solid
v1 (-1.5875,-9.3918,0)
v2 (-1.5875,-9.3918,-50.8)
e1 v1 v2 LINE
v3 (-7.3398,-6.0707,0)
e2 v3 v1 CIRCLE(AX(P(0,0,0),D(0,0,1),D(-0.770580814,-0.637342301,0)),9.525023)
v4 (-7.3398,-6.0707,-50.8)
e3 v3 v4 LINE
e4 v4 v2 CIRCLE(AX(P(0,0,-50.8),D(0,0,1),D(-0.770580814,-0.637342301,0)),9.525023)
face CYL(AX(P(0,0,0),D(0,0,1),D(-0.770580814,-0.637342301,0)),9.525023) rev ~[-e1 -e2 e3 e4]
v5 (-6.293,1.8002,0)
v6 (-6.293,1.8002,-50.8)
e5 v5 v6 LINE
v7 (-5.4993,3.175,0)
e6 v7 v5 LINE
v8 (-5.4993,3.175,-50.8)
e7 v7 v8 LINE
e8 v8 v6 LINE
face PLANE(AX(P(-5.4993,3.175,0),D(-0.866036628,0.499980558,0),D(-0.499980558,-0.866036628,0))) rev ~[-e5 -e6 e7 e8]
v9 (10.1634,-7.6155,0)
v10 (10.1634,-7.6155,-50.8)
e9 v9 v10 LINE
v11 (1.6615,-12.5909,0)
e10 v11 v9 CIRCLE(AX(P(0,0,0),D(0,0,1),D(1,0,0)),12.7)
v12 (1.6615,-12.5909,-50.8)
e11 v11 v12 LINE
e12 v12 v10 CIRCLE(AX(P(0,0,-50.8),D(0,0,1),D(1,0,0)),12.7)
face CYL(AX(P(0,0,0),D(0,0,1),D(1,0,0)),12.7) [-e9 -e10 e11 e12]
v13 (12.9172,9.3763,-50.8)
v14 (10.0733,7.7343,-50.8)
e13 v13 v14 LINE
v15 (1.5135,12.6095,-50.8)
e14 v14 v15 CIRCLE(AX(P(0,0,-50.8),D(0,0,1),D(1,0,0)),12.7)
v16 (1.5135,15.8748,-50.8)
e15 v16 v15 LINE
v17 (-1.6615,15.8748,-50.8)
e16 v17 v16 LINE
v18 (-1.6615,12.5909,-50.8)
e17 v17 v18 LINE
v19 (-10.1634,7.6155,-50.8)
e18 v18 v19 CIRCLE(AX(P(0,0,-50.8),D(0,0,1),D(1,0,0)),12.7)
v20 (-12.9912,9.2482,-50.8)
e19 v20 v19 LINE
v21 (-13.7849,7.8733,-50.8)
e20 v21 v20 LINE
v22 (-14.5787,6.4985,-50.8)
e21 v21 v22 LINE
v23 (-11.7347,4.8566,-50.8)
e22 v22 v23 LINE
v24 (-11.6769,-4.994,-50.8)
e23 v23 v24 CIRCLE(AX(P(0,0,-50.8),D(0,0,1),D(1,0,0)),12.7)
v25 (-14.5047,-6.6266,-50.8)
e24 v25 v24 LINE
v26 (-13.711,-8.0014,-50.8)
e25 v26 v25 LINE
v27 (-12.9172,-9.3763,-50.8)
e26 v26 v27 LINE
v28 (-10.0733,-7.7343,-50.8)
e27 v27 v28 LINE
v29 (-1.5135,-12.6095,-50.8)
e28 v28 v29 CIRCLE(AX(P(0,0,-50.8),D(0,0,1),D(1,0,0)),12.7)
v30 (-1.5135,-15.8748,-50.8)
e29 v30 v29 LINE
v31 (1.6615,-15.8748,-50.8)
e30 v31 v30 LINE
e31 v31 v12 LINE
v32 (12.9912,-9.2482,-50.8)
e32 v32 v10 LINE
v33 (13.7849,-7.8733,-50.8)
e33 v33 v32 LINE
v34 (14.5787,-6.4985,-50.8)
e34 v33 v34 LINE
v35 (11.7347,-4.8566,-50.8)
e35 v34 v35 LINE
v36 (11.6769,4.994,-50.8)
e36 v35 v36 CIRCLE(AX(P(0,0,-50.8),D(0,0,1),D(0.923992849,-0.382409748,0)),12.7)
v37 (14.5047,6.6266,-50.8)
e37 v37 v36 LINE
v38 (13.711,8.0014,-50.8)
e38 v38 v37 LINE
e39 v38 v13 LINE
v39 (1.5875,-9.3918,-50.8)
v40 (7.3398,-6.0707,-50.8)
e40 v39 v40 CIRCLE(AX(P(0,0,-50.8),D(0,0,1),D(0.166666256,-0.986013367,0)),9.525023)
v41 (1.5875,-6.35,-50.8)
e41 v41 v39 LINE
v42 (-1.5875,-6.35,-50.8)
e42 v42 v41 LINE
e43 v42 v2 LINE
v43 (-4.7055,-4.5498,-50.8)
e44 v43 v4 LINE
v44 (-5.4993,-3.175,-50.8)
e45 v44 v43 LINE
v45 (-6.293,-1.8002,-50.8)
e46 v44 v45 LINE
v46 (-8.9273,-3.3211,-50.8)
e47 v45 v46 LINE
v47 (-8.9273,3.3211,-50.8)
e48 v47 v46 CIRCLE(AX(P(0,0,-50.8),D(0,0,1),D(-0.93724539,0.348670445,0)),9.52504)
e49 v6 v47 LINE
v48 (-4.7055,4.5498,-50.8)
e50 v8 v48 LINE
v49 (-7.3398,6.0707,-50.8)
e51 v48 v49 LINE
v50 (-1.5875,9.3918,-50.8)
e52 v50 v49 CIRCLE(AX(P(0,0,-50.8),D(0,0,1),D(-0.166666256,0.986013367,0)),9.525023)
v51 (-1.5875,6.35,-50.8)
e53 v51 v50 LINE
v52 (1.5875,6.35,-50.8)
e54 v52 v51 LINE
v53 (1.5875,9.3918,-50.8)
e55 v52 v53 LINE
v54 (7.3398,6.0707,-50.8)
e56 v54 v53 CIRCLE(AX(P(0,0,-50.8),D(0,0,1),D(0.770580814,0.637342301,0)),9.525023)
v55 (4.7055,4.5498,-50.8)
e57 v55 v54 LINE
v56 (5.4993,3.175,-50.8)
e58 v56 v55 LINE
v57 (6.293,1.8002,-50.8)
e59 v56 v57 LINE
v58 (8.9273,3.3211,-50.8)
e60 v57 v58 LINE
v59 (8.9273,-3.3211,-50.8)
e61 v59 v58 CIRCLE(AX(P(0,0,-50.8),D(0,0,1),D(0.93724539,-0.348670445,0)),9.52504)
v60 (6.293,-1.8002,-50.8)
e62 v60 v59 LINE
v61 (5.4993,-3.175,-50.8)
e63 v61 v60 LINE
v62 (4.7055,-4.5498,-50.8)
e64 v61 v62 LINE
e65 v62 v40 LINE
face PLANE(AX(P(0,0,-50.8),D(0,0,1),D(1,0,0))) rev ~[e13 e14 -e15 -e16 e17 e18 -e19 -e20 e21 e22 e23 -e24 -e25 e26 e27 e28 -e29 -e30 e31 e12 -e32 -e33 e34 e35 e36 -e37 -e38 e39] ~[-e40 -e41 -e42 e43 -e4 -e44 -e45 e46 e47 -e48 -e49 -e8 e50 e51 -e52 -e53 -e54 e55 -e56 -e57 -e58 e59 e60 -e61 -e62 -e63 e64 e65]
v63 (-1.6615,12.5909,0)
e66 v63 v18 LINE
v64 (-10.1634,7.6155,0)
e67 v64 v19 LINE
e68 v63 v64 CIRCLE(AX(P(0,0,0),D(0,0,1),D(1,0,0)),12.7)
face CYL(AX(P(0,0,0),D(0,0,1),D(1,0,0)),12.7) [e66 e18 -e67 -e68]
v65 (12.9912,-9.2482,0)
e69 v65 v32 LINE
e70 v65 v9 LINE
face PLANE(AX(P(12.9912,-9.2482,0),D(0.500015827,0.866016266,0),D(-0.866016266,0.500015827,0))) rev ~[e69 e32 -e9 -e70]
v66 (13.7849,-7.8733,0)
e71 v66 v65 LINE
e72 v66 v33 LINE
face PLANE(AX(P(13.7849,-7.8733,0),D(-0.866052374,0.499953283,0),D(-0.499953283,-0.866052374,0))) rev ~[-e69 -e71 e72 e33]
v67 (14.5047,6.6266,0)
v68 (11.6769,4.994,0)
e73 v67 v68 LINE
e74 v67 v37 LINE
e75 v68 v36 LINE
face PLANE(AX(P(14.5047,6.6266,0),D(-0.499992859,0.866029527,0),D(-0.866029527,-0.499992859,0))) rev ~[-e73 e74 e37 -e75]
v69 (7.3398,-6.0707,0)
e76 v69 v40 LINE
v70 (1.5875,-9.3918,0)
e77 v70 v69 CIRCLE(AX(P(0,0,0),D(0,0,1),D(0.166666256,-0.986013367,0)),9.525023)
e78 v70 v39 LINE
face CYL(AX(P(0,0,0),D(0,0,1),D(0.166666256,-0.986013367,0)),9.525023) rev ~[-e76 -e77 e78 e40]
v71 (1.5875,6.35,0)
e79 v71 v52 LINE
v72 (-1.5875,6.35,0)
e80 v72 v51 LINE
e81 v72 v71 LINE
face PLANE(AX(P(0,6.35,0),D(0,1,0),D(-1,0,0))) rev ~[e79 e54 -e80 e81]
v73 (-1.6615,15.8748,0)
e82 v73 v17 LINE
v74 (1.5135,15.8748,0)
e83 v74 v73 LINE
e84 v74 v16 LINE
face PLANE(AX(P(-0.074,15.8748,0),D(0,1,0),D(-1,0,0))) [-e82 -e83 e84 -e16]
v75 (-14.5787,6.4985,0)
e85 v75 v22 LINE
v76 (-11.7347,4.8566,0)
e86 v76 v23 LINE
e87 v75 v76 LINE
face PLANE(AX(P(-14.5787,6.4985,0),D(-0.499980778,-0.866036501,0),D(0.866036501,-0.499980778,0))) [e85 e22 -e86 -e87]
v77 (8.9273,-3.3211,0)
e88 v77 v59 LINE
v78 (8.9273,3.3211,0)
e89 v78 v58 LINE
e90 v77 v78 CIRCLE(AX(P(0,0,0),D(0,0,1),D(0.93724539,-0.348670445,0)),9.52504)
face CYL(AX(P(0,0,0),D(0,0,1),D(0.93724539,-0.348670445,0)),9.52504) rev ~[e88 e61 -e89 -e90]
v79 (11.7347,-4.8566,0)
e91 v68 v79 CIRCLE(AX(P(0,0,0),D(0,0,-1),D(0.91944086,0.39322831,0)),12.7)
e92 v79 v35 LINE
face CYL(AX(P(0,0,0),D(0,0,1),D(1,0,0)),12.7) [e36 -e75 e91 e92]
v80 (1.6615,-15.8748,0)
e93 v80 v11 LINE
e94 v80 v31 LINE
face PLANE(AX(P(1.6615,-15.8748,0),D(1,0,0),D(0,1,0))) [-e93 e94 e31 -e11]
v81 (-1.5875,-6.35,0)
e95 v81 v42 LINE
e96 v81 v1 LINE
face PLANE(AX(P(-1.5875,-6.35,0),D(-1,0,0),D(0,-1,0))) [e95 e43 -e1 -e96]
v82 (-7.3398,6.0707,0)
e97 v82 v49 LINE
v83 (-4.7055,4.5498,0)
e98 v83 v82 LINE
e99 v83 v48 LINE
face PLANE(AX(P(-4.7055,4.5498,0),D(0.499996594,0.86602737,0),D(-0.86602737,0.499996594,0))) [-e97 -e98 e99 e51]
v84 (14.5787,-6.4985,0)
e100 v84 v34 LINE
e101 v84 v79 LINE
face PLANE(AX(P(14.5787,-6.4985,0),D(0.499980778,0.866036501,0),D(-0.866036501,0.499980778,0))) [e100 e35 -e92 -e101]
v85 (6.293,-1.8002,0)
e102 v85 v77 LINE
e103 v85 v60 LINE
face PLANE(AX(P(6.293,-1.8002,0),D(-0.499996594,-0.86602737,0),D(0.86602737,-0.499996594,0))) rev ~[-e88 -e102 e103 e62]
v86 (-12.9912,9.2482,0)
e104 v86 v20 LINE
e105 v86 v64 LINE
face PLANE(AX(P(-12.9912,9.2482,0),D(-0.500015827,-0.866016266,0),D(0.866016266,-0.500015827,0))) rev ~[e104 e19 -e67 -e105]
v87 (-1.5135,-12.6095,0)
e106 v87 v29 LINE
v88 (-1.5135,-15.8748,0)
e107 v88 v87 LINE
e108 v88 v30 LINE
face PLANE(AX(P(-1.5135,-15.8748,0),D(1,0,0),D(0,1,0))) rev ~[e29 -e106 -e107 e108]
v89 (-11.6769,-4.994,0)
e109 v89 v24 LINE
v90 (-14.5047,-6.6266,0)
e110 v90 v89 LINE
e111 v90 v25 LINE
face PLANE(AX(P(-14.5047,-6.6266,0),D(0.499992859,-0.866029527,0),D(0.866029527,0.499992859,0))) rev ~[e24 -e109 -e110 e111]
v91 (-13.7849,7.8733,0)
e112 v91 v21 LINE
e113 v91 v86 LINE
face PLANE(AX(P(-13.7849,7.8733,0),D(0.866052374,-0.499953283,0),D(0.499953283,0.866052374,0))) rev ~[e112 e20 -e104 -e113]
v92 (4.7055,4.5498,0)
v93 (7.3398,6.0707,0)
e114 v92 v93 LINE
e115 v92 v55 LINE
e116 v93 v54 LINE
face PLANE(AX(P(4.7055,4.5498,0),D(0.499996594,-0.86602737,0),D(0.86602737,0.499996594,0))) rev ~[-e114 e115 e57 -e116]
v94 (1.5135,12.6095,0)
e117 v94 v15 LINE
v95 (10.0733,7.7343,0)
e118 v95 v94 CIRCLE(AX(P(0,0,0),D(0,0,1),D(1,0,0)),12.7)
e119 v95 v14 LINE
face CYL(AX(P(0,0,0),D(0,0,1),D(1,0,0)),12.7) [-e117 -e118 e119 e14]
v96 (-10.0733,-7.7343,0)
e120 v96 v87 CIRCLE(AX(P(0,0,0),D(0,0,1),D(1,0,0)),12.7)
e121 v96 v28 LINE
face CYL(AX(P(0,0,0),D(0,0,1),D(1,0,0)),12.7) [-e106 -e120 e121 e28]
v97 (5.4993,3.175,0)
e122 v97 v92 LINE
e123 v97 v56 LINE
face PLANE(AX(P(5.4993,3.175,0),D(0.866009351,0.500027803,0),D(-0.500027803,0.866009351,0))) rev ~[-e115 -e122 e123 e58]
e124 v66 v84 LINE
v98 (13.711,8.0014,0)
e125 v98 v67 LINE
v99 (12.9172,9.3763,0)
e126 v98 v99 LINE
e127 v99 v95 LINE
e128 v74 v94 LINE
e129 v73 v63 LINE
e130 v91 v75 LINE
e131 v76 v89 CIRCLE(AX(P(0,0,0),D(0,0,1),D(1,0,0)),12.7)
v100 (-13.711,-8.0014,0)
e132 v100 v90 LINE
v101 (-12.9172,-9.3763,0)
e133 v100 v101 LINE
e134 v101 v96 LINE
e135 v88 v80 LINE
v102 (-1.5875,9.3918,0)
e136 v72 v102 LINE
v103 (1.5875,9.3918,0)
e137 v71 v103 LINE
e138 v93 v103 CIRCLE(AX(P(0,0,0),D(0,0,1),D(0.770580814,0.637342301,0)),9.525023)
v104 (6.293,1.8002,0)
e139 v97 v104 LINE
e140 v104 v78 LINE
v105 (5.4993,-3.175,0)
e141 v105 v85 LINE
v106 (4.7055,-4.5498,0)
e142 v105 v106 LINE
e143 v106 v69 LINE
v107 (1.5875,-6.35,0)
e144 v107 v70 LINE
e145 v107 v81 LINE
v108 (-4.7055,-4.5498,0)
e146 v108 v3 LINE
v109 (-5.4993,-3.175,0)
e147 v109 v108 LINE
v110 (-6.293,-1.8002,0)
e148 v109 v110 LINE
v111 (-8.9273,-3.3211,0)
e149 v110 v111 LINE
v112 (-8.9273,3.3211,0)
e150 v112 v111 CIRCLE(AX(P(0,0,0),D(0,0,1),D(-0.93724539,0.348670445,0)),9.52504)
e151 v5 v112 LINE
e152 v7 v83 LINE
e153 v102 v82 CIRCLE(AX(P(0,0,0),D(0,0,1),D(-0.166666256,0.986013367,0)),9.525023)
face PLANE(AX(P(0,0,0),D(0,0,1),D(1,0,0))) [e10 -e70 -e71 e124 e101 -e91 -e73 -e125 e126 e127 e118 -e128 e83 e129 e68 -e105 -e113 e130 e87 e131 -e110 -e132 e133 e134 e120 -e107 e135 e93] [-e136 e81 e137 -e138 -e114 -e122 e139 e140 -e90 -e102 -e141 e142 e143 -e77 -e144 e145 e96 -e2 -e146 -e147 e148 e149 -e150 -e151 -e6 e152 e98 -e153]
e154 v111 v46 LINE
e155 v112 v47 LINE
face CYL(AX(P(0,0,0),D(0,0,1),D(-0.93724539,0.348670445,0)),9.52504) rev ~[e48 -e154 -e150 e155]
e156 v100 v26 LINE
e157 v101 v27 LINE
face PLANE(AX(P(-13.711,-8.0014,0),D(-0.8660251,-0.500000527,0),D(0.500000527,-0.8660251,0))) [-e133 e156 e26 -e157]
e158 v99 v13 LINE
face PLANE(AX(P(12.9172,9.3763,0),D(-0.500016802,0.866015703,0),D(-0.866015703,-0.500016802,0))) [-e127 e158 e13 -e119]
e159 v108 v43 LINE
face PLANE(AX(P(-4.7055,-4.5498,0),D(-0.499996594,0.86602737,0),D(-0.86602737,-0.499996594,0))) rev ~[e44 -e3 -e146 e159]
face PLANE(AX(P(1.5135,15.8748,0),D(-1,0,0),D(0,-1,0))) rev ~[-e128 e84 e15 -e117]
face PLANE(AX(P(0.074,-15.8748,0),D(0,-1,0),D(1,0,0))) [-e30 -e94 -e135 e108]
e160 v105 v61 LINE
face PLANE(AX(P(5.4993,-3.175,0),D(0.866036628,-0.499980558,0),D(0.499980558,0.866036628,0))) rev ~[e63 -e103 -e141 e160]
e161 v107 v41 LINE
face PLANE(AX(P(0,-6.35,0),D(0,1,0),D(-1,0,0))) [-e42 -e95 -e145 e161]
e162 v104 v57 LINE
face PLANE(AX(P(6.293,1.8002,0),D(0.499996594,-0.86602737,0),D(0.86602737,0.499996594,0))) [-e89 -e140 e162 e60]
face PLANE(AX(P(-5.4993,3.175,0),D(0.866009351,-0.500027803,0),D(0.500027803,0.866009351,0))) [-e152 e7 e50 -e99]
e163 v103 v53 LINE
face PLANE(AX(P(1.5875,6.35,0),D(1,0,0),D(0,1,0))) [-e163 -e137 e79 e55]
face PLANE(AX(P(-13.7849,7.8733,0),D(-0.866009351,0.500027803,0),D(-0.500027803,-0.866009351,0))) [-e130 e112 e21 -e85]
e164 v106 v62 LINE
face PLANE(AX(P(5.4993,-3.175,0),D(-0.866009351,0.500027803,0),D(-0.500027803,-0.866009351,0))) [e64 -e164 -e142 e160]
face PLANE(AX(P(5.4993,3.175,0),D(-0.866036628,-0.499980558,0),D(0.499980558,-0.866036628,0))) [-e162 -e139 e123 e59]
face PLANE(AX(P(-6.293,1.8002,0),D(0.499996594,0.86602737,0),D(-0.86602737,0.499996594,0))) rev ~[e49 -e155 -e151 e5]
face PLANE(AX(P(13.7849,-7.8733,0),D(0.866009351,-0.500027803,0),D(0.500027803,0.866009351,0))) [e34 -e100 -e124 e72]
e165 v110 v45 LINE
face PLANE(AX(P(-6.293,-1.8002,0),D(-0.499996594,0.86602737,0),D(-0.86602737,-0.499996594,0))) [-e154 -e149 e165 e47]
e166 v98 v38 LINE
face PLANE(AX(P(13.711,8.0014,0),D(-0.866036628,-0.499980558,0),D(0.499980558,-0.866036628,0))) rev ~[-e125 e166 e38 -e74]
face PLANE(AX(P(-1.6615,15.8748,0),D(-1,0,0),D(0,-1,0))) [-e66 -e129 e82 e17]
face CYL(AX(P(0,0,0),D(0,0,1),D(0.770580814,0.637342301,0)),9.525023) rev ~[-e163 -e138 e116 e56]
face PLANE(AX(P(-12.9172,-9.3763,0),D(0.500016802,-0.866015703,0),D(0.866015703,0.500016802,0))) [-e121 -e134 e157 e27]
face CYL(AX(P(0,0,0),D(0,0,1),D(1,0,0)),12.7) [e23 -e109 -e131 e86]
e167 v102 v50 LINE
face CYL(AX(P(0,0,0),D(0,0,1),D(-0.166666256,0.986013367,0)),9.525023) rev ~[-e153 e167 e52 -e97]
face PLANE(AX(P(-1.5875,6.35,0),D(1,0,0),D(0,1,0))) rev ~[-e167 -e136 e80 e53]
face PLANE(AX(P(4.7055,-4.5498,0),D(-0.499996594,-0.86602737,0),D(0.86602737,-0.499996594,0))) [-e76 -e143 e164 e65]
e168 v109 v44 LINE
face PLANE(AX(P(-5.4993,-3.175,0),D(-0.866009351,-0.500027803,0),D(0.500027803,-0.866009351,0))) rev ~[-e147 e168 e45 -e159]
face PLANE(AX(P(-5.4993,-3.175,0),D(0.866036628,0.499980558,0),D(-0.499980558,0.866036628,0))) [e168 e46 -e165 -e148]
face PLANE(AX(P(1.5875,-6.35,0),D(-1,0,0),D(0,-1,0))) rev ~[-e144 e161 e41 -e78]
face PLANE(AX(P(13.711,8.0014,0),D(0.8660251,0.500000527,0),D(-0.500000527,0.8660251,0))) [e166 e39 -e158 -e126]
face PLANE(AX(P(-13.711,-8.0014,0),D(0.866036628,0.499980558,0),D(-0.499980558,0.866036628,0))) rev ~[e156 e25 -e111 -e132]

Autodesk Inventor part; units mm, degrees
ref_plane "YZ Plane" through (0, 0, 0) normal (1, 0, 0) x (0, 1, 0)
ref_plane "XZ Plane" through (0, 0, 0) normal (0, 1, 0) x (-1, 0, 0)
ref_plane "XY Plane" through (0, 0, 0) normal (0, 0, 1) x (1, 0, 0)
sketch "Sketch1" plane through (0, 0, 0) normal (0, 0, 1) x (1, 0, 0)
  circle A0 centre (0, 0) radius 12.7
  line L0 (-0.074, 12.6998) -> (-0.074, 15.8748) construction
  line L1 (-0.074, 15.8748) -> (1.5135, 15.8748)
  line L2 (1.5135, 15.8748) -> (1.5135, 12.6095)
  line L3 (-0.074, 15.8748) -> (-1.6615, 15.8748)
  line L4 (-1.6615, 15.8748) -> (-1.6615, 12.5909)
  line L5 (-14.5787, 6.4985) -> (-11.7347, 4.8566)
  line L6 (-13.7849, 7.8733) -> (-14.5787, 6.4985)
  line L7 (-13.7849, 7.8733) -> (-12.9912, 9.2482)
  line L8 (-12.9912, 9.2482) -> (-10.1634, 7.6155)
  line L9 (-12.9172, -9.3763) -> (-10.0733, -7.7343)
  line L10 (-13.711, -8.0014) -> (-12.9172, -9.3763)
  line L11 (-13.711, -8.0014) -> (-14.5047, -6.6266)
  line L12 (-14.5047, -6.6266) -> (-11.6769, -4.994)
  line L13 (1.6615, -15.8748) -> (1.6615, -12.5909)
  line L14 (0.074, -15.8748) -> (1.6615, -15.8748)
  line L15 (0.074, -15.8748) -> (-1.5135, -15.8748)
  line L16 (-1.5135, -15.8748) -> (-1.5135, -12.6095)
  line L17 (14.5787, -6.4985) -> (11.7347, -4.8566)
  line L18 (13.7849, -7.8733) -> (14.5787, -6.4985)
  line L19 (13.7849, -7.8733) -> (12.9912, -9.2482)
  line L20 (12.9912, -9.2482) -> (10.1634, -7.6155)
  line L21 (12.9172, 9.3763) -> (10.0733, 7.7343)
  line L22 (13.711, 8.0014) -> (12.9172, 9.3763)
  line L23 (13.711, 8.0014) -> (14.5047, 6.6266)
  line L24 (14.5047, 6.6266) -> (11.6769, 4.994)
  line L25 (0, 0) -> (0, 9.525) construction
  line L26 (0, 6.35) -> (1.5875, 6.35)
  line L27 (1.5875, 6.35) -> (1.5875, 9.3918)
  line L28 (0, 6.35) -> (-1.5875, 6.35)
  line L29 (-1.5875, 6.35) -> (-1.5875, 9.3918)
  line L30 (-6.293, 1.8002) -> (-8.9273, 3.3211)
  line L31 (-5.4993, 3.175) -> (-6.293, 1.8002)
  line L32 (-5.4993, 3.175) -> (-4.7055, 4.5498)
  line L33 (-4.7055, 4.5498) -> (-7.3398, 6.0707)
  line L34 (-4.7055, -4.5498) -> (-7.3398, -6.0707)
  line L35 (-5.4993, -3.175) -> (-4.7055, -4.5498)
  line L36 (-5.4993, -3.175) -> (-6.293, -1.8002)
  line L37 (-6.293, -1.8002) -> (-8.9273, -3.3211)
  line L38 (1.5875, -6.35) -> (1.5875, -9.3918)
  line L39 (0, -6.35) -> (1.5875, -6.35)
  line L40 (0, -6.35) -> (-1.5875, -6.35)
  line L41 (-1.5875, -6.35) -> (-1.5875, -9.3918)
  line L42 (6.293, -1.8002) -> (8.9273, -3.3211)
  line L43 (5.4993, -3.175) -> (6.293, -1.8002)
  line L44 (5.4993, -3.175) -> (4.7055, -4.5498)
  line L45 (4.7055, -4.5498) -> (7.3398, -6.0707)
  line L46 (4.7055, 4.5498) -> (7.3398, 6.0707)
  line L47 (5.4993, 3.175) -> (4.7055, 4.5498)
  line L48 (5.4993, 3.175) -> (6.293, 1.8002)
  line L49 (6.293, 1.8002) -> (8.9273, 3.3211)
  arc A1 (7.3398, 6.0707) -> (1.5875, 9.3918) centre (0, 0) ccw
  arc A2 (8.9273, -3.3211) -> (8.9273, 3.3211) centre (0, 0) ccw
  arc A3 (1.5875, -9.3918) -> (7.3398, -6.0707) centre (0, 0) ccw
  arc A4 (-7.3398, -6.0707) -> (-1.5875, -9.3918) centre (0, 0) ccw
  arc A5 (-1.5875, 9.3918) -> (-7.3398, 6.0707) centre (0, 0) ccw
  arc A6 (-8.9273, 3.3211) -> (-8.9273, -3.3211) centre (0, 0) ccw
  dimension "outerDiameter" = 25.4
  dimension "splineHeight" = 3.175
  dimension "splineWidth" = 3.175
  dimension "d16" = 360
  dimension "d20" = 3.175
  dimension "d21" = 3.175
  dimension "d24" = 360
extrude "Extrusion4" add sketch "Sketch1" against normal blind 50.8
equation "\"d20\" = splineHeight"
equation "\"d21\" = splineWidth"
properties part number "outerShaft" material "PET Plastic"
